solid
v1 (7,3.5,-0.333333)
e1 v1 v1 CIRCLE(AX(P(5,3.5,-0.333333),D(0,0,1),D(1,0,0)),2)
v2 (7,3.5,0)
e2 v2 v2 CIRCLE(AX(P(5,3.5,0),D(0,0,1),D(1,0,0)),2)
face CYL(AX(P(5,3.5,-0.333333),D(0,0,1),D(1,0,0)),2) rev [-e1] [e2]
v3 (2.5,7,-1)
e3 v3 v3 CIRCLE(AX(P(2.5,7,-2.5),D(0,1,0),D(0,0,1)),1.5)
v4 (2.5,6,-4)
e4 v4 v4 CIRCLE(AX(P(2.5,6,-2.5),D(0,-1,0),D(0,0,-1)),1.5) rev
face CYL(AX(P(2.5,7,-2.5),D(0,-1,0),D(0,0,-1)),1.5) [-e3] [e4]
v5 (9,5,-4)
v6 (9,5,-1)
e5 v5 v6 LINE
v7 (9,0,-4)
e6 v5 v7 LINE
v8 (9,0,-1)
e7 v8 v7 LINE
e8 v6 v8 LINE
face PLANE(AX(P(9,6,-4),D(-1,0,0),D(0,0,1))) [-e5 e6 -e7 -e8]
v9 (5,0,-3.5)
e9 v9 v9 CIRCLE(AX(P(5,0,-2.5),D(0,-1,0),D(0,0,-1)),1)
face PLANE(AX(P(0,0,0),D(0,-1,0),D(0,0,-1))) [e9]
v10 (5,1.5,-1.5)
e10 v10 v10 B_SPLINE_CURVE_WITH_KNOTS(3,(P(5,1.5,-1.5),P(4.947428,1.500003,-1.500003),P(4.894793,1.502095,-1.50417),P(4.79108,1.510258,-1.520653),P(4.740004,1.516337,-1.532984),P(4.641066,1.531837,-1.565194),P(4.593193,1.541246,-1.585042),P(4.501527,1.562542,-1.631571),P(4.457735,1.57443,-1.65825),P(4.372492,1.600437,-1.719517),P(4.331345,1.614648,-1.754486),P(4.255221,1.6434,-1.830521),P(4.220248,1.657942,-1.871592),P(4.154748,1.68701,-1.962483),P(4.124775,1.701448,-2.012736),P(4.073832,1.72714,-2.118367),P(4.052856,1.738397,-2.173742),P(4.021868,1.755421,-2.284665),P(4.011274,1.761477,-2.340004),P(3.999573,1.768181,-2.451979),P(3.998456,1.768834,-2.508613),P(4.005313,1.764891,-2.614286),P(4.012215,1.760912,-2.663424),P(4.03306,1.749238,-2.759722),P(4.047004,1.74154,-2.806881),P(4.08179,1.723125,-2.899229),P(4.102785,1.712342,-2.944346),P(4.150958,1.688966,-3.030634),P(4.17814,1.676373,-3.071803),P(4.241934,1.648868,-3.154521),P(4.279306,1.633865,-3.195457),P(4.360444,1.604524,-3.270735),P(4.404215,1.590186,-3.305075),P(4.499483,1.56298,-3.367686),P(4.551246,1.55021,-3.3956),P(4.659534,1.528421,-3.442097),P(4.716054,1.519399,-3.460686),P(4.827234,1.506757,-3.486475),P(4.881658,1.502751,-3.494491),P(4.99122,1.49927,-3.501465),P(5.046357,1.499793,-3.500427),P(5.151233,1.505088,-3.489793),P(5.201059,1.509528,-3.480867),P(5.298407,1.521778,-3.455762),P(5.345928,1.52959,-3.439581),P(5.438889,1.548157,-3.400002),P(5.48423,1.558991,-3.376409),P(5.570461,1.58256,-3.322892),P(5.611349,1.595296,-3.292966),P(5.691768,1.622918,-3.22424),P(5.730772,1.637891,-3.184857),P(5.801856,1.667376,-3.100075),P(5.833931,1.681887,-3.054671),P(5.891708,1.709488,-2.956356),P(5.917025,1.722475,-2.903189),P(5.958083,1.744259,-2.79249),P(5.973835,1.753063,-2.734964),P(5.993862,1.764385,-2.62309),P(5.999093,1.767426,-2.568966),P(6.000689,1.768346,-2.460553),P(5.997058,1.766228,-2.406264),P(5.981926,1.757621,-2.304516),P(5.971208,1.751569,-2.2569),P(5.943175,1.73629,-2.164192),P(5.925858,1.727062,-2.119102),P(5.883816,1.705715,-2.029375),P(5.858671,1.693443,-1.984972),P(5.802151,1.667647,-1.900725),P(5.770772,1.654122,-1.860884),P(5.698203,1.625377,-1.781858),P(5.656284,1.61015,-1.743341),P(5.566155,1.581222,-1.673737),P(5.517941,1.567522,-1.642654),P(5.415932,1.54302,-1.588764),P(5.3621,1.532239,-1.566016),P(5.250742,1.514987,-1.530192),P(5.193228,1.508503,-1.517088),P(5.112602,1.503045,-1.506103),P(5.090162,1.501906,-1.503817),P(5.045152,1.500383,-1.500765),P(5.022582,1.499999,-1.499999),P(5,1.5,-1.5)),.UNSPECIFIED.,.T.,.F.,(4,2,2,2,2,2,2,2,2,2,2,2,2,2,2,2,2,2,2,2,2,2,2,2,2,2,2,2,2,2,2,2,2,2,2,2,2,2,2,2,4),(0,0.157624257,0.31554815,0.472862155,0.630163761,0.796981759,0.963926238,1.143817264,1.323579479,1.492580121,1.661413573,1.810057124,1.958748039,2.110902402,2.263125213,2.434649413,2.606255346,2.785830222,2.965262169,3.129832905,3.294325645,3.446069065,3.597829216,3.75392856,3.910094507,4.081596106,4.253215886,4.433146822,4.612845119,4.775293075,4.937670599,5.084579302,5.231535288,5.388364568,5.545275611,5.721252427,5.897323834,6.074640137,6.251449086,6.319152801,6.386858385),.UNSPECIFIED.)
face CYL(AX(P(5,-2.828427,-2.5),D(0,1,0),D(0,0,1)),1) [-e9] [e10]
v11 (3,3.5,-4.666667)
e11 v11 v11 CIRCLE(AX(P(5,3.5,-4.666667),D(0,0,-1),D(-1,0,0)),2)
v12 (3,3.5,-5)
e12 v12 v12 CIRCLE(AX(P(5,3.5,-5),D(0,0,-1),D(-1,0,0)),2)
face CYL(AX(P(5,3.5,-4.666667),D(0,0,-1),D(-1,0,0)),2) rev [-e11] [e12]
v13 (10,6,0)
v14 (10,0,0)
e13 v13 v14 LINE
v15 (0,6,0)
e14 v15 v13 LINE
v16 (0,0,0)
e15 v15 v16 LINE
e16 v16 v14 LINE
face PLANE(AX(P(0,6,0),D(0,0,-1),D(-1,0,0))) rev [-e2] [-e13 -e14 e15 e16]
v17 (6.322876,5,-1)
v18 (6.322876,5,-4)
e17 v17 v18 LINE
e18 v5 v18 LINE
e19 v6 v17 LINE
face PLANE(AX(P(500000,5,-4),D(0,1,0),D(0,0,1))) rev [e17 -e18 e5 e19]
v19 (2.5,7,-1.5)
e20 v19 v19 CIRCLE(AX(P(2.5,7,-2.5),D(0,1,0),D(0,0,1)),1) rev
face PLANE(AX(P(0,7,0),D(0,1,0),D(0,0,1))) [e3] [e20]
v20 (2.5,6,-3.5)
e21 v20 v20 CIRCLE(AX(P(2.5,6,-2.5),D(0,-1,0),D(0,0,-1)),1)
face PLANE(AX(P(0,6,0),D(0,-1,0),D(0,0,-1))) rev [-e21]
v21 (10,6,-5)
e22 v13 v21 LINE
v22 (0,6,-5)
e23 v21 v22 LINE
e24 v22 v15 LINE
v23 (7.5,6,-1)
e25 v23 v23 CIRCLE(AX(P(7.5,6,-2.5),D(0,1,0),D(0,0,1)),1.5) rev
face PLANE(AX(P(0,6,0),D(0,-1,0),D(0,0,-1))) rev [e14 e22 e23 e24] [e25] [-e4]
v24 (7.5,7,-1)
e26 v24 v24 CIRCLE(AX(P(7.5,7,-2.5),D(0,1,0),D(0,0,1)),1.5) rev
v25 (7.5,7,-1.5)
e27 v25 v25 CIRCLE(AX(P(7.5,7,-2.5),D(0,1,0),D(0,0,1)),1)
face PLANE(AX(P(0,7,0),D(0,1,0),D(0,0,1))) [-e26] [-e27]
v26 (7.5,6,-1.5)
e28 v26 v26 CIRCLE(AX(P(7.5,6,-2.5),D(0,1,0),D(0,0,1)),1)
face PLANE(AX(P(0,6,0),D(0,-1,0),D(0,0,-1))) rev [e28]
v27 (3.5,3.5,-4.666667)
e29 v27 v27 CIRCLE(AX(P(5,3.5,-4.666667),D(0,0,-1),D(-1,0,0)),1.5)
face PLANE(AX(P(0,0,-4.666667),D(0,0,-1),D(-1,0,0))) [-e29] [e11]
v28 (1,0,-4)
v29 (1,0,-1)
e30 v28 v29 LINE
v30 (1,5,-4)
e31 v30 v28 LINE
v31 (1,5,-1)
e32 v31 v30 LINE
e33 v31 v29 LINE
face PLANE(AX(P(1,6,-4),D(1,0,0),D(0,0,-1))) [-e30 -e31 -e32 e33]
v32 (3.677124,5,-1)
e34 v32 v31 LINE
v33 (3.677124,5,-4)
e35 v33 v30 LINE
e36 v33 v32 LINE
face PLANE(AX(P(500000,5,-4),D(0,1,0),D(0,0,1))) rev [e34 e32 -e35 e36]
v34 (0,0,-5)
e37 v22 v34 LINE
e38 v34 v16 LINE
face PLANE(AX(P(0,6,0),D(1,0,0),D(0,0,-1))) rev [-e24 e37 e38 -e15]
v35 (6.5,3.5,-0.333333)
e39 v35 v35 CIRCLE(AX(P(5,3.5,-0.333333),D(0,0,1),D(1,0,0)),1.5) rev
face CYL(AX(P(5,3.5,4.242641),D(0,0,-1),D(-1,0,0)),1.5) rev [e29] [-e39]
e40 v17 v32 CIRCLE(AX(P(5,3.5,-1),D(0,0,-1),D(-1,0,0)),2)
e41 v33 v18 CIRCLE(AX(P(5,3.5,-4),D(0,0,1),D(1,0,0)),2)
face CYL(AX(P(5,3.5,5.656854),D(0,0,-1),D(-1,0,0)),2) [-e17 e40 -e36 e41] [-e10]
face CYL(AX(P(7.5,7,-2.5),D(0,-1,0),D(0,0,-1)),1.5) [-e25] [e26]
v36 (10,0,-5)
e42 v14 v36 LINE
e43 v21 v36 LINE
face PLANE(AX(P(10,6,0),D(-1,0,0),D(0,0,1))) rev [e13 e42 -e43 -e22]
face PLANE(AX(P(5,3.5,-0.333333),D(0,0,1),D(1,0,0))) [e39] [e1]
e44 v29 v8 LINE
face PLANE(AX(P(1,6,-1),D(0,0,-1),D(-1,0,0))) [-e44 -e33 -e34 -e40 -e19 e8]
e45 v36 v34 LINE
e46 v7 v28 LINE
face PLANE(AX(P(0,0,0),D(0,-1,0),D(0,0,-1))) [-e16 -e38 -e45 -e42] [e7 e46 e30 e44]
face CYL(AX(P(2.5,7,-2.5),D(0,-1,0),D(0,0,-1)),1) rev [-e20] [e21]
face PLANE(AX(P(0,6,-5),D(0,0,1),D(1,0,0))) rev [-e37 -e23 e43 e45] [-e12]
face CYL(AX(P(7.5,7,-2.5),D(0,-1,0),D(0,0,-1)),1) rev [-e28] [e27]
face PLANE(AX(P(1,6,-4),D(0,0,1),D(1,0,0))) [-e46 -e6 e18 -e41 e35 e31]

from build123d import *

# Parameters (mm, degrees)
SKETCH1_W           = 10
SKETCH1_H           = 5
SKETCH1_W_2         = 8
SKETCH1_H_2         = 3
BOSS_EXTRUDE1_DEPTH = 6
BOSS_EXTRUDE2_REACH = 11
SKETCH2_W           = 3
SKETCH2_H           = 1
SKETCH4_R           = 1.5
SKETCH4_R_2         = 1
BOSS_EXTRUDE3_DEPTH = 1
BOSS_EXTRUDE4_DEPTH = 5
BOSS_EXTRUDE5_DEPTH = 5
CUT_EXTRUDE2_DEPTH  = 5
CUT_EXTRUDE3_DEPTH  = 0.333333333
SKETCH8_R           = 2
CUT_EXTRUDE4_DEPTH  = 0.333333333


with BuildPart() as part:
    # Sketch1 → Boss-Extrude1 (new body)
    with BuildSketch(Plane(origin=(0, 0, 0), x_dir=(1, 0, 0), z_dir=(0, 1, 0))):
        with Locations((5, 2.5)):
            Rectangle(SKETCH1_W, SKETCH1_H)
        with Locations((5, 2.5)):
            Rectangle(SKETCH1_W_2, SKETCH1_H_2, mode=Mode.SUBTRACT)
    extrude(amount=BOSS_EXTRUDE1_DEPTH)

    # Sketch2 → Boss-Extrude2 (add, up to next)
    with BuildSketch(Plane(origin=(1, 0, 0), x_dir=(0, 0, -1), z_dir=(1, 0, 0)), mode=Mode.PRIVATE) as boss_extrude2_sk1:
        with Locations((2.5, 5.5)):
            Rectangle(SKETCH2_W, SKETCH2_H)
    boss_extrude2_tool1 = extrude(boss_extrude2_sk1.sketch, amount=BOSS_EXTRUDE2_REACH, mode=Mode.PRIVATE) - part.part
    add(boss_extrude2_tool1.solids().sort_by_distance((1, 5.5, -2.5))[0])

    # Sketch4 → Boss-Extrude3 (add)
    with BuildSketch(Plane(origin=(0, 6, 0), x_dir=(1, 0, 0), z_dir=(0, 1, 0))):
        with Locations((2.5, 2.5)):
            Circle(SKETCH4_R)
        with Locations((2.5, 2.5)):
            Circle(SKETCH4_R_2, mode=Mode.SUBTRACT)
        with Locations((7.5, 2.5)):
            Circle(SKETCH4_R)
        with Locations((7.5, 2.5)):
            Circle(SKETCH4_R_2, mode=Mode.SUBTRACT)
    extrude(amount=BOSS_EXTRUDE3_DEPTH)

    # Sketch6 → Boss-Extrude4 (add)
    with BuildSketch(Plane(origin=(0, 5, 0), x_dir=(-1, 0, 0), z_dir=(0, -1, 0))):
        with BuildLine():
            ThreePointArc((-6, 2.5), (-5, 1.5), (-4, 2.5))
            Line((-4, 2.5), (-6, 2.5))
        make_face()
        with BuildLine():
            Line((-6, 2.5), (-4, 2.5))
            ThreePointArc((-4, 2.5), (-5, 3.5), (-6, 2.5))
        make_face()
    extrude(amount=BOSS_EXTRUDE4_DEPTH)

    # Sketch7 → Boss-Extrude5 (add)
    with BuildSketch(Plane(origin=(0, 0, -5), x_dir=(-1, 0, 0), z_dir=(0, 0, -1))):
        with BuildLine():
            ThreePointArc((-5, 5.5), (-7, 3.5), (-5, 1.5))
            Line((-5, 1.5), (-5, 2))
            ThreePointArc((-5, 2), (-6.5, 3.5), (-5, 5))
            Line((-5, 5), (-5, 5.5))
        make_face()
        with BuildLine():
            Line((-5, 2), (-5, 1.5))
            ThreePointArc((-5, 1.5), (-3.585786438, 2.085786438), (-3, 3.5))
            ThreePointArc((-3, 3.5), (-3.585786438, 4.914213562), (-5, 5.5))
            Line((-5, 5.5), (-5, 5))
            ThreePointArc((-5, 5), (-3.939339828, 4.560660172), (-3.5, 3.5))
            ThreePointArc((-3.5, 3.5), (-3.939339828, 2.439339828), (-5, 2))
        make_face()
        with BuildLine():
            ThreePointArc((-5, 5), (-6.5, 3.5), (-5, 2))
            Line((-5, 2), (-5, 5))
        make_face()
        with BuildLine():
            Line((-5, 5), (-5, 2))
            ThreePointArc((-5, 2), (-3.939339828, 2.439339828), (-3.5, 3.5))
            ThreePointArc((-3.5, 3.5), (-3.939339828, 4.560660172), (-5, 5))
        make_face()
    extrude(amount=-BOSS_EXTRUDE5_DEPTH)

    # Sketch7<3> → Cut-Extrude2 (cut)
    with BuildSketch(Plane(origin=(0, 0, -5), x_dir=(-1, 0, 0), z_dir=(0, 0, -1))):
        with BuildLine():
            ThreePointArc((-5, 5), (-6.5, 3.5), (-5, 2))
            Line((-5, 2), (-5, 5))
        make_face()
        with BuildLine():
            Line((-5, 5), (-5, 2))
            ThreePointArc((-5, 2), (-3.939339828, 2.439339828), (-3.5, 3.5))
            ThreePointArc((-3.5, 3.5), (-3.939339828, 4.560660172), (-5, 5))
        make_face()
    extrude(amount=-CUT_EXTRUDE2_DEPTH, mode=Mode.SUBTRACT)

    # Sketch7<4> → Cut-Extrude3 (cut)
    with BuildSketch(Plane(origin=(0, 0, -5), x_dir=(-1, 0, 0), z_dir=(0, 0, -1))):
        with BuildLine():
            ThreePointArc((-5, 5.5), (-7, 3.5), (-5, 1.5))
            Line((-5, 1.5), (-5, 2))
            ThreePointArc((-5, 2), (-6.5, 3.5), (-5, 5))
            Line((-5, 5), (-5, 5.5))
        make_face()
        with BuildLine():
            Line((-5, 2), (-5, 1.5))
            ThreePointArc((-5, 1.5), (-3.585786438, 2.085786438), (-3, 3.5))
            ThreePointArc((-3, 3.5), (-3.585786438, 4.914213562), (-5, 5.5))
            Line((-5, 5.5), (-5, 5))
            ThreePointArc((-5, 5), (-3.939339828, 4.560660172), (-3.5, 3.5))
            ThreePointArc((-3.5, 3.5), (-3.939339828, 2.439339828), (-5, 2))
        make_face()
    extrude(amount=-CUT_EXTRUDE3_DEPTH, mode=Mode.SUBTRACT)

    # Sketch8 → Cut-Extrude4 (cut)
    with BuildSketch(Plane.XY):
        with Locations((5, 3.5)):
            Circle(SKETCH8_R)
    extrude(amount=-CUT_EXTRUDE4_DEPTH, mode=Mode.SUBTRACT)


solid = part.part
